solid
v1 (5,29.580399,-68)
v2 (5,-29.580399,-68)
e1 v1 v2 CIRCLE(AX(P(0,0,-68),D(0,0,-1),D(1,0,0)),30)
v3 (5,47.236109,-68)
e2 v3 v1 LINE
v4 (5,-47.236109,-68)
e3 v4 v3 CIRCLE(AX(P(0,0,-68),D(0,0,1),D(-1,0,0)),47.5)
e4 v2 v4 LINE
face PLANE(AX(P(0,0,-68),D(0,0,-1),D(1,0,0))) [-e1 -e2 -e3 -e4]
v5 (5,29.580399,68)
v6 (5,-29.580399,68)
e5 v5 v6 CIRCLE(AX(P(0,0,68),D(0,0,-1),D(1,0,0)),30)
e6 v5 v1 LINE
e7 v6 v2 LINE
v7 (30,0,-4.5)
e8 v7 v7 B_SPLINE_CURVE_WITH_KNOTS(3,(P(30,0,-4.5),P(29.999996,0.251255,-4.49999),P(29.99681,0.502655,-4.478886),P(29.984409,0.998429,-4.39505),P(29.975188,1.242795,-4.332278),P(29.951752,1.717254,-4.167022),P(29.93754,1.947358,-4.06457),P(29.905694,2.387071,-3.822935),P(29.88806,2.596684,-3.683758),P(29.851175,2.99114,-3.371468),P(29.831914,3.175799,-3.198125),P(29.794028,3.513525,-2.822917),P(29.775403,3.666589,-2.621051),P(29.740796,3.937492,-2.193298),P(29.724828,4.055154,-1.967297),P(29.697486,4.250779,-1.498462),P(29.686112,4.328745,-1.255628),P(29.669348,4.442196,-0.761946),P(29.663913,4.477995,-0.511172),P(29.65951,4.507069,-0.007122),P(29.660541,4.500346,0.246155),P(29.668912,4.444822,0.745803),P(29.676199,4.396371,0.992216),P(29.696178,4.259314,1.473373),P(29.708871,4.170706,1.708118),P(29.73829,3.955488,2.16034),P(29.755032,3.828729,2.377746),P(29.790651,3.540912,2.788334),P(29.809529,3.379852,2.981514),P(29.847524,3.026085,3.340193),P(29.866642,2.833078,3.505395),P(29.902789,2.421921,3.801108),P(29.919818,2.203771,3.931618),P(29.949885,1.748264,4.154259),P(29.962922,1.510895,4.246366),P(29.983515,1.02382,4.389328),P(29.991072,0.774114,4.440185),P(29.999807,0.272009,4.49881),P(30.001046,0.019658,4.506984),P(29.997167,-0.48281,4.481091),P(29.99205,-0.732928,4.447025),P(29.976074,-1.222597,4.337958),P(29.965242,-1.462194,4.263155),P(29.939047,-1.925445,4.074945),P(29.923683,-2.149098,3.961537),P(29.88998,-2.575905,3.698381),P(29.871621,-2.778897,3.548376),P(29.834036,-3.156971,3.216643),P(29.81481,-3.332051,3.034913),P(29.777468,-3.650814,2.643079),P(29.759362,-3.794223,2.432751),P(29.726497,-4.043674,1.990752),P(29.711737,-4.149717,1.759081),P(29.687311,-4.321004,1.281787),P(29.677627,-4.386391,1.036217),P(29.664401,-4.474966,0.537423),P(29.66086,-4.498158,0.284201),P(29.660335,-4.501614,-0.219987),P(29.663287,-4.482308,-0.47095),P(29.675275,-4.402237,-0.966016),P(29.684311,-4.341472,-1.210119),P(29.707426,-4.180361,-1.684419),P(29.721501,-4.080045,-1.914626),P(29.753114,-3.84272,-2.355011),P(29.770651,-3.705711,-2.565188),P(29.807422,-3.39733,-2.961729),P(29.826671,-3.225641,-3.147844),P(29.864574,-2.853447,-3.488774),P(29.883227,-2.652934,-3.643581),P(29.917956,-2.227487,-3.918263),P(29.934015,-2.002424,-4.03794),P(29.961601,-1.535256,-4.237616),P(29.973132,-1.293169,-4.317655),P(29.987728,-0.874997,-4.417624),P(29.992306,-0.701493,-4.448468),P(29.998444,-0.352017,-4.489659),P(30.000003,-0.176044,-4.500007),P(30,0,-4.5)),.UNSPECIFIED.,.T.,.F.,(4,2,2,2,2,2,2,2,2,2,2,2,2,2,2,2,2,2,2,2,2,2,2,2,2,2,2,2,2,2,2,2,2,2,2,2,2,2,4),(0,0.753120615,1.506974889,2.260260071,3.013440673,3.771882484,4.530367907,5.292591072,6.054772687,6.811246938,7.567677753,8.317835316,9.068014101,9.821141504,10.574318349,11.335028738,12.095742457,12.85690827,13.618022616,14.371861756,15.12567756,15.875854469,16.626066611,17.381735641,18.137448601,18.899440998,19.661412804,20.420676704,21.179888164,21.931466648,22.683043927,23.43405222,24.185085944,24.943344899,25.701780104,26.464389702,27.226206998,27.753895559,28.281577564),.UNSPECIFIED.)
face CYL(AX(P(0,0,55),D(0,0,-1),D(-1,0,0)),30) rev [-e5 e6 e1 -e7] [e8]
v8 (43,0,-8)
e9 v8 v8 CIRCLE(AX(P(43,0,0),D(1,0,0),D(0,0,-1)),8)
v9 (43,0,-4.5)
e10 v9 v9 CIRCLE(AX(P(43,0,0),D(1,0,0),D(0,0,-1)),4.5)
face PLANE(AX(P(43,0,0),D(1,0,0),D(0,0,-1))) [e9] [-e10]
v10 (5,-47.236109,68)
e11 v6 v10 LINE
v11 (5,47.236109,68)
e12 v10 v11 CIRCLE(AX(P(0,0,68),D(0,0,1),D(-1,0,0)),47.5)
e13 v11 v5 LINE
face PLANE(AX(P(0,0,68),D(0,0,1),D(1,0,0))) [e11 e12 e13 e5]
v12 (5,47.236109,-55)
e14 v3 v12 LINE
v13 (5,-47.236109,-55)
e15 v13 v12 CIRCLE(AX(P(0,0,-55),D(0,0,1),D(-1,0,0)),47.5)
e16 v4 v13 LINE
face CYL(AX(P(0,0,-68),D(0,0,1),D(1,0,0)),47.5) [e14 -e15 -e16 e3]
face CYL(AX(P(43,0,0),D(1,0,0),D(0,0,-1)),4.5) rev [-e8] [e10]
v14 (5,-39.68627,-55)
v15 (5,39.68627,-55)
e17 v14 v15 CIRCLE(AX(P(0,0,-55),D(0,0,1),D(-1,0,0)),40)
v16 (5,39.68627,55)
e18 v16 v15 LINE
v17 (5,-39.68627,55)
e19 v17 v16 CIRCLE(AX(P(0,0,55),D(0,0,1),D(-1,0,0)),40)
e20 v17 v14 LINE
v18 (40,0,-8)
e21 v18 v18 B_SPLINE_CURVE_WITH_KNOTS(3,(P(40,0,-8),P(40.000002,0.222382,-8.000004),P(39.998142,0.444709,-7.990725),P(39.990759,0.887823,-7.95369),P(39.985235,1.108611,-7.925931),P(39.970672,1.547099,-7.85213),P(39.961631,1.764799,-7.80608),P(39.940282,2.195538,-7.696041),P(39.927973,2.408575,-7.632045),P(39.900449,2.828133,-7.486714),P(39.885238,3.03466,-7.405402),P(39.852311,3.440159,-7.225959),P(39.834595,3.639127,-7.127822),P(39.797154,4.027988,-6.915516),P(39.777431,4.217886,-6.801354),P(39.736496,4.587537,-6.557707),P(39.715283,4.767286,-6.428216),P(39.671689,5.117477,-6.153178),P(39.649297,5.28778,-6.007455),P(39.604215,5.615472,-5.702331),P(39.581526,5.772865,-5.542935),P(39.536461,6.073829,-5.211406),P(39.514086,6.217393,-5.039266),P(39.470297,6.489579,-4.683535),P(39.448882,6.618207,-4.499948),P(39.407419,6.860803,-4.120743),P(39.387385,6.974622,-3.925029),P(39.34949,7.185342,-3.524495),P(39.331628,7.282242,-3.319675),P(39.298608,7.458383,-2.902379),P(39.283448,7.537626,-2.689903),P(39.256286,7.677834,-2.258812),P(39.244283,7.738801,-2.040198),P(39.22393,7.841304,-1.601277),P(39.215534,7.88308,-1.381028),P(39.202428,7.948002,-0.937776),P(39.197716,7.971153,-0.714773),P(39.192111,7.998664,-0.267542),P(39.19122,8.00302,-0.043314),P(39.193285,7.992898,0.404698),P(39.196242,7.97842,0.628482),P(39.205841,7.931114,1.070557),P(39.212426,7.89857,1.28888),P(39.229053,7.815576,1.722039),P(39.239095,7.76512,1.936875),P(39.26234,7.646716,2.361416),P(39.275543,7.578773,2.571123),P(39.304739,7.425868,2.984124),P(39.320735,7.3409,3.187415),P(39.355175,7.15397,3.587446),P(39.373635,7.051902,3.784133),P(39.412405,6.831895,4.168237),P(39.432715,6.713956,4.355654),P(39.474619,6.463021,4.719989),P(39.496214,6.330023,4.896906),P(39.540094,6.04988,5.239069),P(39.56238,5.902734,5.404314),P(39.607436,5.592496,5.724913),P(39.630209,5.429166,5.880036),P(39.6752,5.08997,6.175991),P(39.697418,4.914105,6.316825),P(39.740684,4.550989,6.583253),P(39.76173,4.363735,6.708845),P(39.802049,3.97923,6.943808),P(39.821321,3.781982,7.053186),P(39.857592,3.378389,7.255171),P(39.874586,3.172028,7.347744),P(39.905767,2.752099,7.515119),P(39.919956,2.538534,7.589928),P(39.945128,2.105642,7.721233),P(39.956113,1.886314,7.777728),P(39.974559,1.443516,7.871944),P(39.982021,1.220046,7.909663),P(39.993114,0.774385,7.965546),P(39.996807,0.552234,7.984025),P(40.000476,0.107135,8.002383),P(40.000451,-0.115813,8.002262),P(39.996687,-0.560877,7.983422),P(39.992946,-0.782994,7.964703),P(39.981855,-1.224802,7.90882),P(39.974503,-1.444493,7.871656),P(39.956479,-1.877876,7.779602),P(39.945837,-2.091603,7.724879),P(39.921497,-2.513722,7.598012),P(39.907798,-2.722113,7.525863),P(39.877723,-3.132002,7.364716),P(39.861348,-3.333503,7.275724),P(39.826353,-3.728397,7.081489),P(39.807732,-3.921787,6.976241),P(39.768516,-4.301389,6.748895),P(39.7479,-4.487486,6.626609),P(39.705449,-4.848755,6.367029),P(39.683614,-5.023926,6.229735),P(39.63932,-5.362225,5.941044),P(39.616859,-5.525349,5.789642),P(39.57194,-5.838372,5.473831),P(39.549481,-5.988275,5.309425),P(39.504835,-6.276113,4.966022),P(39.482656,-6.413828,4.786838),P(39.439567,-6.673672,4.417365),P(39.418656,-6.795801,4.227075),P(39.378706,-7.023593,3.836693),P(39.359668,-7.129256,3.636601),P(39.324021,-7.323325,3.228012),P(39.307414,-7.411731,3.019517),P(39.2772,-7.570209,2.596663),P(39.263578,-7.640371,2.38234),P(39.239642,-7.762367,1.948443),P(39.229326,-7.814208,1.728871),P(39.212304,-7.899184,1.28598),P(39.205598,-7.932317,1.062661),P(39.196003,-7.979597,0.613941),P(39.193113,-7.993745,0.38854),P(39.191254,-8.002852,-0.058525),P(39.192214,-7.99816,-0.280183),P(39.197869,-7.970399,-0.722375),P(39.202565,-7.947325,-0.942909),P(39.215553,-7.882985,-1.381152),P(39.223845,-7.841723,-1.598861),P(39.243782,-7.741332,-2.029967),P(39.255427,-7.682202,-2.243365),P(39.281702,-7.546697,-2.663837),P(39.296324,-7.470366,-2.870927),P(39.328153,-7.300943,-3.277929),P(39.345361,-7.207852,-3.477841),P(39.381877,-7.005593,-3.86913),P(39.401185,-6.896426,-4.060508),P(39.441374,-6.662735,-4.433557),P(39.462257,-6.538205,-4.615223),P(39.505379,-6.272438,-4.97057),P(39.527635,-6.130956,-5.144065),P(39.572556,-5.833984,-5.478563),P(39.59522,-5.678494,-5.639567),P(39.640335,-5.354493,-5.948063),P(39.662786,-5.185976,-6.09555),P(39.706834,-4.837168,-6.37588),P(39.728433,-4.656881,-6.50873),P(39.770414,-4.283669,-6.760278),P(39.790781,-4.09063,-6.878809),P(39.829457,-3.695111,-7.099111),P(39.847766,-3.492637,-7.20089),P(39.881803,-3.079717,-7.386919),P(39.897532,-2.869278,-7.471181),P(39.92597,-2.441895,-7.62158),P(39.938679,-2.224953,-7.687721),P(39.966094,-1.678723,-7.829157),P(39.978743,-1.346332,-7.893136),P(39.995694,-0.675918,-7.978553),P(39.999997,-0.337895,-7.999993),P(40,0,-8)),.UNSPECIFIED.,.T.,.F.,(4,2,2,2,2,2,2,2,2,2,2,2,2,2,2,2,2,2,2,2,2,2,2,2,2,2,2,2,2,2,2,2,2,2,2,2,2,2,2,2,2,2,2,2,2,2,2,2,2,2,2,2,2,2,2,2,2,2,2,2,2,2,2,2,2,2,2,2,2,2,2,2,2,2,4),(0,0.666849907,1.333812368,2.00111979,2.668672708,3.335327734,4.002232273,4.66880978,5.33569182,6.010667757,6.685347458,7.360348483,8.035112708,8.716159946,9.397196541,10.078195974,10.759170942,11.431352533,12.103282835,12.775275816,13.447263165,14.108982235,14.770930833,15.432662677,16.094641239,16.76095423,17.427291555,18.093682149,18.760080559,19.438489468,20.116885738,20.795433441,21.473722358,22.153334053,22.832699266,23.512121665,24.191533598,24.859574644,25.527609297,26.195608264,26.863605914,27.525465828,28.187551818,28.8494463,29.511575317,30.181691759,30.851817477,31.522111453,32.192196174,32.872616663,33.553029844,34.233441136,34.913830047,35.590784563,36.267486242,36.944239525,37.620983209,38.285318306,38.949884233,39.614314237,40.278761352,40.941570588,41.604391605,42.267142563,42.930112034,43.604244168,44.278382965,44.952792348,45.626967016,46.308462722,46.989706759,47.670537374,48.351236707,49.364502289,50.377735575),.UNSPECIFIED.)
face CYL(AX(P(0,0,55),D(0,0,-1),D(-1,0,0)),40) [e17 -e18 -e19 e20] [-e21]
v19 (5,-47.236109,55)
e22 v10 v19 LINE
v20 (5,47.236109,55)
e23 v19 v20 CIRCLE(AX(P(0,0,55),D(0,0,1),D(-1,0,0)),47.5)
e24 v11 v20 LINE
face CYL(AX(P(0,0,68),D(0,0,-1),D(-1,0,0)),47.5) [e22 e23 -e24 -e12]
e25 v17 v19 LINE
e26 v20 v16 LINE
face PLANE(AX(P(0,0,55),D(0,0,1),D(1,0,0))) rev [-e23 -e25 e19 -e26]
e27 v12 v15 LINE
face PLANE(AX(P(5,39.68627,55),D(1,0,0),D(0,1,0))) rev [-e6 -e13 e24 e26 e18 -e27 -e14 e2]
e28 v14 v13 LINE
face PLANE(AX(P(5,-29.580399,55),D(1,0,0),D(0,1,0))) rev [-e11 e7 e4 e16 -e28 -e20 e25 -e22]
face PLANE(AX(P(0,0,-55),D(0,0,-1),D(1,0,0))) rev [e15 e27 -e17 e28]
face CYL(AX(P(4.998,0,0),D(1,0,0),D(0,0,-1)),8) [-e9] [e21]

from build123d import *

# Parameters (mm, degrees)
BOSS_EXTRUDE1_DEPTH      = 55
BOSS_EXTRUDE2_START      = 13
BOSS_EXTRUDE2_DEPTH      = 13
BOSS_EXTRUDE3_REACH      = 93.1
BOSS_EXTRUDE3_END_RADIUS = 40
SKETCH3_R                = 8
HOLE1_D                  = 9


with BuildPart() as part:
    # Sketch1 → Boss-Extrude1 (new, symmetric)
    with BuildSketch(Plane.XY):
        with BuildLine():
            Line((5, 39.686269666), (5, 29.580398915))
            ThreePointArc((5, 29.580398915), (30, 0), (5, -29.580398915))
            Line((5, -29.580398915), (5, -39.686269666))
            ThreePointArc((5, -39.686269666), (40, 0), (5, 39.686269666))
        make_face()
    extrude(amount=BOSS_EXTRUDE1_DEPTH, both=True)

    # Sketch2 → Boss-Extrude2 (add)
    with BuildSketch(Plane.XY.offset(55).offset(BOSS_EXTRUDE2_START)):
        with BuildLine():
            Line((5, 29.580398915), (5, 47.236109069))
            ThreePointArc((5, 47.236109069), (47.5, 0), (5, -47.236109069))
            Line((5, -47.236109069), (5, -29.580398915))
            ThreePointArc((5, -29.580398915), (30, 0), (5, 29.580398915))
        make_face()
    boss_extrude2 = extrude(amount=-BOSS_EXTRUDE2_DEPTH)

    # Mirror1: Boss-Extrude2 across plane
    add(boss_extrude2.mirror(Plane.XY))

    # Boss-Extrude3: up to this cylinder (the profile starts outside it)
    boss_extrude3_end = Plane(origin=(0, 0, 0), z_dir=(0, 0, -1)) * Cylinder(BOSS_EXTRUDE3_END_RADIUS, 267.2, mode=Mode.PRIVATE)
    # Sketch3 → Boss-Extrude3 (add, up to the surface)
    with BuildSketch(Plane(origin=(43, 0, 0), x_dir=(0, 0, -1), z_dir=(1, 0, 0)), mode=Mode.PRIVATE) as boss_extrude3_sk1:
        Circle(SKETCH3_R)
    boss_extrude3_tool1 = extrude(boss_extrude3_sk1.sketch, amount=-BOSS_EXTRUDE3_REACH, mode=Mode.PRIVATE) - boss_extrude3_end
    add(boss_extrude3_tool1.solids().sort_by_distance((43, 0, 0))[0])

    # Hole1 (through all)
    with Locations(Plane(origin=(43, 0, 0), x_dir=(0, 0, -1), z_dir=(1, 0, 0))):
        with Locations((0, 0)):
            Hole(HOLE1_D / 2)


solid = part.part
